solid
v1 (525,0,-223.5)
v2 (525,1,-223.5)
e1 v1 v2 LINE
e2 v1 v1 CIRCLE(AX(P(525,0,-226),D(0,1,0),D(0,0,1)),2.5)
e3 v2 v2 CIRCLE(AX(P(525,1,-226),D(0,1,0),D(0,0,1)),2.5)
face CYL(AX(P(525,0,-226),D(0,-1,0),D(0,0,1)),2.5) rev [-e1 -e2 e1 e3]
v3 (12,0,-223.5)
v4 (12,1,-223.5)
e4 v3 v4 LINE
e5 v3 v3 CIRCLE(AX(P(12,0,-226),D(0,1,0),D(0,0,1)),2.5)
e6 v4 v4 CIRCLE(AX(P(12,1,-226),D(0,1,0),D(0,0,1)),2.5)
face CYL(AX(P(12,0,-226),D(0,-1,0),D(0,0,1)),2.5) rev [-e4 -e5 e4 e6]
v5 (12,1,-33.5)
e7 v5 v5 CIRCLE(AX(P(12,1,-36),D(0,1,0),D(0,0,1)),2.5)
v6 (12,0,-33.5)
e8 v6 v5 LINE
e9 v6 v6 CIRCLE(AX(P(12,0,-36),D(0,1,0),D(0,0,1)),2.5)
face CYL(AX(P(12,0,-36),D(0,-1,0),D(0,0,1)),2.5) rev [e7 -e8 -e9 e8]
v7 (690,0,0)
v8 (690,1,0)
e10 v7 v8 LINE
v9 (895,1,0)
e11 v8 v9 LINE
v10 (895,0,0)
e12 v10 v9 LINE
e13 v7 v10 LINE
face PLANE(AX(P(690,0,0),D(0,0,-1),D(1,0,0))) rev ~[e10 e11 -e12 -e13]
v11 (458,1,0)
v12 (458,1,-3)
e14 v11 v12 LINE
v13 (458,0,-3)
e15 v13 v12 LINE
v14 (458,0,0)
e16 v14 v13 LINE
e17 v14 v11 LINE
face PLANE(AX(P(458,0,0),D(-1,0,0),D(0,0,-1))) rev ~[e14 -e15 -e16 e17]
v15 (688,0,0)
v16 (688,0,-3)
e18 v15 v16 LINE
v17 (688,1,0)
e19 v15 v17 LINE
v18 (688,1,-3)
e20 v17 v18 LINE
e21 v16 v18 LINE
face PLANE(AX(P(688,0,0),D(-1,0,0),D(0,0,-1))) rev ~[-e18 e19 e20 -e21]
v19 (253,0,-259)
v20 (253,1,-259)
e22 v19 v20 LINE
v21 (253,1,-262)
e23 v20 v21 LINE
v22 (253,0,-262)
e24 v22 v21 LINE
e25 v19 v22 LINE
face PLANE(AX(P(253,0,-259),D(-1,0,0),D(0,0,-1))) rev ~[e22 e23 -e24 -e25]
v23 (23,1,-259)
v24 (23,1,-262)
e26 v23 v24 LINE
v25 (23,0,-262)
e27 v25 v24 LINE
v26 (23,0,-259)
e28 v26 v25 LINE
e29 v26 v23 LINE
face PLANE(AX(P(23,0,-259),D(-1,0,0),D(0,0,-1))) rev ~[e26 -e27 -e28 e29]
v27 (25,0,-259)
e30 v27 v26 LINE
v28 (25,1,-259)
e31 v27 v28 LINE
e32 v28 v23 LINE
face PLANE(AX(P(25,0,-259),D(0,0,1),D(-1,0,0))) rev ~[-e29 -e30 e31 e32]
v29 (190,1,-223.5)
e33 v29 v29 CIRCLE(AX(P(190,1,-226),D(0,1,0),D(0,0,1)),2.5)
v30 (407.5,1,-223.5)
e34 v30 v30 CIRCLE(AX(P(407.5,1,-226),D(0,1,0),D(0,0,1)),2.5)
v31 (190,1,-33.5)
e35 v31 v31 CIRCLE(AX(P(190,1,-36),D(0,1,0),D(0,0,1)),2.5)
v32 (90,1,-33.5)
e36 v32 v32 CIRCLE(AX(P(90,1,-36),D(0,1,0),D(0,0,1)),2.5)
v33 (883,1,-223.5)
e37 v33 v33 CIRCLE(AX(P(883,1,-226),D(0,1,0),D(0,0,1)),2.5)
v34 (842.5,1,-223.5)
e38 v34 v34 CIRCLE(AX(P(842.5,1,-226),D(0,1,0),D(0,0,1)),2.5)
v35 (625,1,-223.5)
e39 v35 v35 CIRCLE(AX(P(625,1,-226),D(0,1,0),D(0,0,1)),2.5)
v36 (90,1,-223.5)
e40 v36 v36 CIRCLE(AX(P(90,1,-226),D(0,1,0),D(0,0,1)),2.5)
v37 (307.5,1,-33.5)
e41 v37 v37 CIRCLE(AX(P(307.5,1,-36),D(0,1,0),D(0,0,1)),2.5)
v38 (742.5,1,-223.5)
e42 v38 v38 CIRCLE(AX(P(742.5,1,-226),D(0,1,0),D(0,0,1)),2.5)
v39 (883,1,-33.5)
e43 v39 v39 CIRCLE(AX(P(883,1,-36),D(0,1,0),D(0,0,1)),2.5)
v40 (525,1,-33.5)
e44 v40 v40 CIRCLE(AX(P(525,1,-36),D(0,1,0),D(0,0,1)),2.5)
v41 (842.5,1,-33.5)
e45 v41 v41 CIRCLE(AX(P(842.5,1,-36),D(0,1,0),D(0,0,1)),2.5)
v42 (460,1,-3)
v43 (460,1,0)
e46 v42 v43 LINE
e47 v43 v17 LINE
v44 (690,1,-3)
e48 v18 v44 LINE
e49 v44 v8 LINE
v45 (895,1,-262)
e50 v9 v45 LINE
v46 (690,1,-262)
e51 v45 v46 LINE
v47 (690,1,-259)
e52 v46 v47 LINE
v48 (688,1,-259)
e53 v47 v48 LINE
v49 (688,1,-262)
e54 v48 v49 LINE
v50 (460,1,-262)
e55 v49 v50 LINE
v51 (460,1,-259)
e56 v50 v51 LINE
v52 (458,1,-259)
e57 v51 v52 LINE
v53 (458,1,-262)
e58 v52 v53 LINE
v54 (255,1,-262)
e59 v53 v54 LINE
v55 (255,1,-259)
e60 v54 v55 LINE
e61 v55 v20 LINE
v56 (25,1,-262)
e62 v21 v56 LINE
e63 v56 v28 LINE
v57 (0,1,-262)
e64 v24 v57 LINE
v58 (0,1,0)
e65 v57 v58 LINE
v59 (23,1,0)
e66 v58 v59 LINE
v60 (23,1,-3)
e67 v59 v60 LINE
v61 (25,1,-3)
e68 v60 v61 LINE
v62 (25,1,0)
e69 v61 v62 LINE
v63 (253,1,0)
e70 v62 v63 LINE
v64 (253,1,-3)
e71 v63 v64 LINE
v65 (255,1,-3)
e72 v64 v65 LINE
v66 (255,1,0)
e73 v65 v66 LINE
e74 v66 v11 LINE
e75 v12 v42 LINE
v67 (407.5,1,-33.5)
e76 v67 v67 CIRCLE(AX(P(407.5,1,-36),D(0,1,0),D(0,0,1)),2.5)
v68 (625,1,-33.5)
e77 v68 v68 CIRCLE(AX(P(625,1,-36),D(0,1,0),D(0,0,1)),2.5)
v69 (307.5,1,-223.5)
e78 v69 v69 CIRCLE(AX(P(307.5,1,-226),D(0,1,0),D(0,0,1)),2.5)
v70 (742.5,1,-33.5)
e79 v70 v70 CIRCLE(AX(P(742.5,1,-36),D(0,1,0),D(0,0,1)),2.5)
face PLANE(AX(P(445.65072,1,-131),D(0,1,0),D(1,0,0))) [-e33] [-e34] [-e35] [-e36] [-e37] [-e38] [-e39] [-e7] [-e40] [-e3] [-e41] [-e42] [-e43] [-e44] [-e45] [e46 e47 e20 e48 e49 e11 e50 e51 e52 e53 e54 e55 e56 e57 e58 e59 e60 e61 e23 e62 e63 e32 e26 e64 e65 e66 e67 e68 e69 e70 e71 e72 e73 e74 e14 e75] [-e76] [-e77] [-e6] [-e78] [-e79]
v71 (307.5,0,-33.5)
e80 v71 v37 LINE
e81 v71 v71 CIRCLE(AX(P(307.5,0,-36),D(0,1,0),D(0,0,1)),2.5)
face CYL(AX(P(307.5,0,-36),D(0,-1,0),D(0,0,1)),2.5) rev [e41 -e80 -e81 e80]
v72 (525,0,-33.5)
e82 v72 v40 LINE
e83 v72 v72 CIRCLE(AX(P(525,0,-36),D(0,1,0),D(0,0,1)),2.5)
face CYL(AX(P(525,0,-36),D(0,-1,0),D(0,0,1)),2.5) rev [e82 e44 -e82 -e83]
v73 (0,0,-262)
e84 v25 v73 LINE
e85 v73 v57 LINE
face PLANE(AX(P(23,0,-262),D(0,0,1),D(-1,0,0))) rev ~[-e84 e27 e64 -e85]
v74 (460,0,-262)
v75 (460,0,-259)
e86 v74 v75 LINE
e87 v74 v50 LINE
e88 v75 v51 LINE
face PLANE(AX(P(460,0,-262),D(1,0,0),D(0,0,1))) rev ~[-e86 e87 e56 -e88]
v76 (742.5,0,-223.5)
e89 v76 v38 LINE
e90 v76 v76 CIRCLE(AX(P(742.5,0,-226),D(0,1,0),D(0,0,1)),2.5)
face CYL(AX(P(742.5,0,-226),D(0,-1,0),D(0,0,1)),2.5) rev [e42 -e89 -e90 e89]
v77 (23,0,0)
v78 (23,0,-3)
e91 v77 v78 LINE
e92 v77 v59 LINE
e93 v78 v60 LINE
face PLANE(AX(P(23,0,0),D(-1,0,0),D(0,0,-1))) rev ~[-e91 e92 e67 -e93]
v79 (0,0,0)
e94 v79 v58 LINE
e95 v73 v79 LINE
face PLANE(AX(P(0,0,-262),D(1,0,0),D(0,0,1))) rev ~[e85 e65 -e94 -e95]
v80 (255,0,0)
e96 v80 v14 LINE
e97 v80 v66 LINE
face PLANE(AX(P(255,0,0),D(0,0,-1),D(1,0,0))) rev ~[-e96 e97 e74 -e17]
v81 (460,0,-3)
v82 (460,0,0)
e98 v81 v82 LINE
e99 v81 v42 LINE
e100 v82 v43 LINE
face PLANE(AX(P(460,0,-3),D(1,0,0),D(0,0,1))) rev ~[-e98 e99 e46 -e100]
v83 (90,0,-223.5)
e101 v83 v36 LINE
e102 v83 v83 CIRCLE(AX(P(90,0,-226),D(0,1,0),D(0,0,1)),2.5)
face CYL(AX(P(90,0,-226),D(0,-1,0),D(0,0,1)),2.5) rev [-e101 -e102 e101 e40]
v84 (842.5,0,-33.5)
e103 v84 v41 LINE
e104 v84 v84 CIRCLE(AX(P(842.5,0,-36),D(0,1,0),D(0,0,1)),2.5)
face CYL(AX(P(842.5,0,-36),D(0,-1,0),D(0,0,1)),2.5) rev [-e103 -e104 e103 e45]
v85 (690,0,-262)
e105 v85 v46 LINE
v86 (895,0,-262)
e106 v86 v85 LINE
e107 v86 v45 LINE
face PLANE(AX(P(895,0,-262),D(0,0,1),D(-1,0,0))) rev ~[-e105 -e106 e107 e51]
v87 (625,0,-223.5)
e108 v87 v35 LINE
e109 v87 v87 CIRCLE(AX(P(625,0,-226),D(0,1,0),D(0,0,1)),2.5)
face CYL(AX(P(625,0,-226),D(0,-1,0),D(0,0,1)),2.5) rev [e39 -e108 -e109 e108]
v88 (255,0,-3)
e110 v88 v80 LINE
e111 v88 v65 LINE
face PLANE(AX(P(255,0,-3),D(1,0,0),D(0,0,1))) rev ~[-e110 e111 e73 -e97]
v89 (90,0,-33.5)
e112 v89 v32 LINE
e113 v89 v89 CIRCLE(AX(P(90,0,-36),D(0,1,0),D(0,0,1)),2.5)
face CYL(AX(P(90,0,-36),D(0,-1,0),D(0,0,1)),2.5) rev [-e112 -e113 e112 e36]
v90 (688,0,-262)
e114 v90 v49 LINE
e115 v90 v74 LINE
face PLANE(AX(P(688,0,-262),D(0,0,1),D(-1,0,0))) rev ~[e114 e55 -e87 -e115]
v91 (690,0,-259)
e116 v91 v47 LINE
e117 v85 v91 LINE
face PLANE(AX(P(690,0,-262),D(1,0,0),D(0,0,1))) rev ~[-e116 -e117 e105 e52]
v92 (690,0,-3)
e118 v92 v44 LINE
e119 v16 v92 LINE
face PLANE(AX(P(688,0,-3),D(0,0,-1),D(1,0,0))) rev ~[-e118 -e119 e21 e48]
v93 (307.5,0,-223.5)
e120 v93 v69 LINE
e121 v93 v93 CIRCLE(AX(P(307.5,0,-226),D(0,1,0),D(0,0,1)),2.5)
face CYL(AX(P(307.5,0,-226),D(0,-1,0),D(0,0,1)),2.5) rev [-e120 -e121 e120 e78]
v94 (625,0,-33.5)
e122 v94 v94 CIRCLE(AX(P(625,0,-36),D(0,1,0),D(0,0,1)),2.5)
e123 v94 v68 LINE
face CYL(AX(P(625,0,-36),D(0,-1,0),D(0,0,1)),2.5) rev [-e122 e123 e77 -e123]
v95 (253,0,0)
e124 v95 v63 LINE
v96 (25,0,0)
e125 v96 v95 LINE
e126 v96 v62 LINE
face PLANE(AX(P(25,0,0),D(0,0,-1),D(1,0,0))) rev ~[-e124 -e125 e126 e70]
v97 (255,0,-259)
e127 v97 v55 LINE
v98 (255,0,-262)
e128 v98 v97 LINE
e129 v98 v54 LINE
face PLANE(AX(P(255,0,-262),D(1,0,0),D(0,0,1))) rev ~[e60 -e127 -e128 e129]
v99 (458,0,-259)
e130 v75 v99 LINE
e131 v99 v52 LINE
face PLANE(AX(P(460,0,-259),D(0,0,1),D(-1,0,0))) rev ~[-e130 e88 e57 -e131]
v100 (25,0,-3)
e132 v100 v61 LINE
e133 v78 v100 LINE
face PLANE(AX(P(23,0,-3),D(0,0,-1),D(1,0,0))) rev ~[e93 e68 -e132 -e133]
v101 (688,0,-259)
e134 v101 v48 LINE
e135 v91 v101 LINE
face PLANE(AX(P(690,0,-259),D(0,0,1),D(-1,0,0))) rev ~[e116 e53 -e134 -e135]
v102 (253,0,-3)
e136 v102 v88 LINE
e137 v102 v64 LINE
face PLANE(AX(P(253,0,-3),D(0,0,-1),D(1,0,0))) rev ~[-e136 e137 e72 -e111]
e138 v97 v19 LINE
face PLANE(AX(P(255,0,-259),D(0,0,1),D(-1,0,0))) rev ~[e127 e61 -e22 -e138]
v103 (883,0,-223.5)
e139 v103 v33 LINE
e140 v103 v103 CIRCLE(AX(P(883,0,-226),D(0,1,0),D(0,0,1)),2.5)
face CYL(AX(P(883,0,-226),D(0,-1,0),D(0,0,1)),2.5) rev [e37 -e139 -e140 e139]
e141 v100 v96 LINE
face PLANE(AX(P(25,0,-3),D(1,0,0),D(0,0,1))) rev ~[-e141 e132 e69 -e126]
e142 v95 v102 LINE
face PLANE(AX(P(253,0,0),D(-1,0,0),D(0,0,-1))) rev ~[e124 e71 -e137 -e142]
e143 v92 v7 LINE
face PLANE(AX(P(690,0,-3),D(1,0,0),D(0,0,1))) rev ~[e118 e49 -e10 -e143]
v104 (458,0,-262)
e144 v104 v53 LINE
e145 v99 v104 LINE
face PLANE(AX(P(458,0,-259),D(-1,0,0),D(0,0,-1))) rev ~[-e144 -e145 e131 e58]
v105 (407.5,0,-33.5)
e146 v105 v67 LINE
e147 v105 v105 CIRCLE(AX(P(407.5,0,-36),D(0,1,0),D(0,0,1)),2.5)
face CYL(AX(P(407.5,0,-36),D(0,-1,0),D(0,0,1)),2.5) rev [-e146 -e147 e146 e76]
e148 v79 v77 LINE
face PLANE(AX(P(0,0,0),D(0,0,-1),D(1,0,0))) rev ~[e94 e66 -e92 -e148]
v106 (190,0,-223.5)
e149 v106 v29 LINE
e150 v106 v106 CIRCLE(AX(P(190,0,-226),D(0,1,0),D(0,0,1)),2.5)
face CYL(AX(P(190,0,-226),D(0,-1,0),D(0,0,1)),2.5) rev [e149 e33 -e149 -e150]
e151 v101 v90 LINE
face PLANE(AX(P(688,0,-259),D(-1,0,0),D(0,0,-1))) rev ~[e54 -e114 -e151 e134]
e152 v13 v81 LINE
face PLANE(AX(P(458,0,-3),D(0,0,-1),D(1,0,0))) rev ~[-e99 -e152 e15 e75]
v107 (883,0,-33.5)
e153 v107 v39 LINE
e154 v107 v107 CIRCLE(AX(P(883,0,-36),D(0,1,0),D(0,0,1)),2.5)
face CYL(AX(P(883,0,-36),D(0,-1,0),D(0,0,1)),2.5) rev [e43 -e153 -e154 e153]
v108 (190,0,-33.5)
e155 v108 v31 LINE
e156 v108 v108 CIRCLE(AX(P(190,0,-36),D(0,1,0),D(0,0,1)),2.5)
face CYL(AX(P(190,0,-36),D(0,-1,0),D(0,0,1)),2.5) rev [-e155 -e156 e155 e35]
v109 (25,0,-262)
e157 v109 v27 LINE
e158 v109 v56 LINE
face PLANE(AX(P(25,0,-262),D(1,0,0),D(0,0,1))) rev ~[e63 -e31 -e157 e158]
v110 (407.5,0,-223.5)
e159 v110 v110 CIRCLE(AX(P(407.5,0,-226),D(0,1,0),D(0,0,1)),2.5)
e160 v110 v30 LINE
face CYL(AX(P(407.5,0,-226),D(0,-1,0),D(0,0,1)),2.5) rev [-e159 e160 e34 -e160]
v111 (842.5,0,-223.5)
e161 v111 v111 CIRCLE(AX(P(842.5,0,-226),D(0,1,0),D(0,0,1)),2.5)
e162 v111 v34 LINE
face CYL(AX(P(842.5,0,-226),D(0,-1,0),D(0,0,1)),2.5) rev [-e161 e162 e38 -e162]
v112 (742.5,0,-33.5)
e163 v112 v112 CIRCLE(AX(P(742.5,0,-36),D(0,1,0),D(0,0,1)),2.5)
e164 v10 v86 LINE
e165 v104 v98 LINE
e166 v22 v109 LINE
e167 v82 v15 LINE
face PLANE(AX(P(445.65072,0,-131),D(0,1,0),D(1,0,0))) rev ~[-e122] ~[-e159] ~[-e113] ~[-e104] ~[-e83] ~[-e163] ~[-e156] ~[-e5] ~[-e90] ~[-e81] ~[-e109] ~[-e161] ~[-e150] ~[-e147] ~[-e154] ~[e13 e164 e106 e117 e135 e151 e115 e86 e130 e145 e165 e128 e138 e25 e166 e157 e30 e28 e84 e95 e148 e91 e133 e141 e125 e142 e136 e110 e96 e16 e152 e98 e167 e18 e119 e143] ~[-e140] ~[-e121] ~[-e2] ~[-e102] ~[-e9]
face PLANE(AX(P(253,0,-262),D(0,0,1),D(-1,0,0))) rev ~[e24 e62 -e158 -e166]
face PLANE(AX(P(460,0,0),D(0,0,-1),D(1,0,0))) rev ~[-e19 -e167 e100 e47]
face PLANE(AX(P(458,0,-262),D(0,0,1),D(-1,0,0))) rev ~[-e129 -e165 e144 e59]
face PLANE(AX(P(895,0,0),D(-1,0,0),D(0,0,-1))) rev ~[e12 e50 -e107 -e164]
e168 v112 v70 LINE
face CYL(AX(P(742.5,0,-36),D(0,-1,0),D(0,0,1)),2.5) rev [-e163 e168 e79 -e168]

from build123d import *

# Parameters (mm, degrees)
SKETCH1_R           = 2.5
BOSS_EXTRUDE1_DEPTH = 1


with BuildPart() as part:
    # Sketch1 → Boss-Extrude1 (new body)
    with BuildSketch(Plane(origin=(0, 0, 0), x_dir=(1, 0, 0), z_dir=(0, 1, 0))):
        Polygon((0, 0), (23, 0), (23, 3), (25, 3), (25, 0), (253, 0), (253, 3), (255, 3), (255, 0), (458, 0), (458, 3), (460, 3), (460, 0), (688, 0), (688, 3), (690, 3), (690, 0), (895, 0), (895, 262), (690, 262), (690, 259), (688, 259), (688, 262), (460, 262), (460, 259), (458, 259), (458, 262), (255, 262), (255, 259), (253, 259), (253, 262), (25, 262), (25, 259), (23, 259), (23, 262), (0, 262), align=None)
        with Locations(Location((90, 226, 0), (0, 0, 270))):
            Circle(SKETCH1_R, mode=Mode.SUBTRACT)
        with Locations(Location((190, 226, 0), (0, 0, 270))):
            Circle(SKETCH1_R, mode=Mode.SUBTRACT)
        with Locations(Location((307.5, 226, 0), (0, 0, 270))):
            Circle(SKETCH1_R, mode=Mode.SUBTRACT)
        with Locations(Location((407.5, 226, 0), (0, 0, 270))):
            Circle(SKETCH1_R, mode=Mode.SUBTRACT)
        with Locations(Location((525, 226, 0), (0, 0, 270))):
            Circle(SKETCH1_R, mode=Mode.SUBTRACT)
        with Locations(Location((625, 226, 0), (0, 0, 270))):
            Circle(SKETCH1_R, mode=Mode.SUBTRACT)
        with Locations(Location((742.5, 226, 0), (0, 0, 270))):
            Circle(SKETCH1_R, mode=Mode.SUBTRACT)
        with Locations(Location((842.5, 226, 0), (0, 0, 270))):
            Circle(SKETCH1_R, mode=Mode.SUBTRACT)
        with Locations(Location((842.5, 36, 0), (0, 0, 270))):
            Circle(SKETCH1_R, mode=Mode.SUBTRACT)
        with Locations(Location((742.5, 36, 0), (0, 0, 270))):
            Circle(SKETCH1_R, mode=Mode.SUBTRACT)
        with Locations(Location((625, 36, 0), (0, 0, 270))):
            Circle(SKETCH1_R, mode=Mode.SUBTRACT)
        with Locations(Location((525, 36, 0), (0, 0, 270))):
            Circle(SKETCH1_R, mode=Mode.SUBTRACT)
        with Locations(Location((407.5, 36, 0), (0, 0, 270))):
            Circle(SKETCH1_R, mode=Mode.SUBTRACT)
        with Locations(Location((307.5, 36, 0), (0, 0, 270))):
            Circle(SKETCH1_R, mode=Mode.SUBTRACT)
        with Locations(Location((190, 36, 0), (0, 0, 270))):
            Circle(SKETCH1_R, mode=Mode.SUBTRACT)
        with Locations(Location((90, 36, 0), (0, 0, 270))):
            Circle(SKETCH1_R, mode=Mode.SUBTRACT)
        with Locations(Location((12, 36, 0), (0, 0, 270))):
            Circle(SKETCH1_R, mode=Mode.SUBTRACT)
        with Locations(Location((12, 226, 0), (0, 0, 270))):
            Circle(SKETCH1_R, mode=Mode.SUBTRACT)
        with Locations(Location((883, 226, 0), (0, 0, 270))):
            Circle(SKETCH1_R, mode=Mode.SUBTRACT)
        with Locations(Location((883, 36, 0), (0, 0, 270))):
            Circle(SKETCH1_R, mode=Mode.SUBTRACT)
    extrude(amount=BOSS_EXTRUDE1_DEPTH)


solid = part.part
